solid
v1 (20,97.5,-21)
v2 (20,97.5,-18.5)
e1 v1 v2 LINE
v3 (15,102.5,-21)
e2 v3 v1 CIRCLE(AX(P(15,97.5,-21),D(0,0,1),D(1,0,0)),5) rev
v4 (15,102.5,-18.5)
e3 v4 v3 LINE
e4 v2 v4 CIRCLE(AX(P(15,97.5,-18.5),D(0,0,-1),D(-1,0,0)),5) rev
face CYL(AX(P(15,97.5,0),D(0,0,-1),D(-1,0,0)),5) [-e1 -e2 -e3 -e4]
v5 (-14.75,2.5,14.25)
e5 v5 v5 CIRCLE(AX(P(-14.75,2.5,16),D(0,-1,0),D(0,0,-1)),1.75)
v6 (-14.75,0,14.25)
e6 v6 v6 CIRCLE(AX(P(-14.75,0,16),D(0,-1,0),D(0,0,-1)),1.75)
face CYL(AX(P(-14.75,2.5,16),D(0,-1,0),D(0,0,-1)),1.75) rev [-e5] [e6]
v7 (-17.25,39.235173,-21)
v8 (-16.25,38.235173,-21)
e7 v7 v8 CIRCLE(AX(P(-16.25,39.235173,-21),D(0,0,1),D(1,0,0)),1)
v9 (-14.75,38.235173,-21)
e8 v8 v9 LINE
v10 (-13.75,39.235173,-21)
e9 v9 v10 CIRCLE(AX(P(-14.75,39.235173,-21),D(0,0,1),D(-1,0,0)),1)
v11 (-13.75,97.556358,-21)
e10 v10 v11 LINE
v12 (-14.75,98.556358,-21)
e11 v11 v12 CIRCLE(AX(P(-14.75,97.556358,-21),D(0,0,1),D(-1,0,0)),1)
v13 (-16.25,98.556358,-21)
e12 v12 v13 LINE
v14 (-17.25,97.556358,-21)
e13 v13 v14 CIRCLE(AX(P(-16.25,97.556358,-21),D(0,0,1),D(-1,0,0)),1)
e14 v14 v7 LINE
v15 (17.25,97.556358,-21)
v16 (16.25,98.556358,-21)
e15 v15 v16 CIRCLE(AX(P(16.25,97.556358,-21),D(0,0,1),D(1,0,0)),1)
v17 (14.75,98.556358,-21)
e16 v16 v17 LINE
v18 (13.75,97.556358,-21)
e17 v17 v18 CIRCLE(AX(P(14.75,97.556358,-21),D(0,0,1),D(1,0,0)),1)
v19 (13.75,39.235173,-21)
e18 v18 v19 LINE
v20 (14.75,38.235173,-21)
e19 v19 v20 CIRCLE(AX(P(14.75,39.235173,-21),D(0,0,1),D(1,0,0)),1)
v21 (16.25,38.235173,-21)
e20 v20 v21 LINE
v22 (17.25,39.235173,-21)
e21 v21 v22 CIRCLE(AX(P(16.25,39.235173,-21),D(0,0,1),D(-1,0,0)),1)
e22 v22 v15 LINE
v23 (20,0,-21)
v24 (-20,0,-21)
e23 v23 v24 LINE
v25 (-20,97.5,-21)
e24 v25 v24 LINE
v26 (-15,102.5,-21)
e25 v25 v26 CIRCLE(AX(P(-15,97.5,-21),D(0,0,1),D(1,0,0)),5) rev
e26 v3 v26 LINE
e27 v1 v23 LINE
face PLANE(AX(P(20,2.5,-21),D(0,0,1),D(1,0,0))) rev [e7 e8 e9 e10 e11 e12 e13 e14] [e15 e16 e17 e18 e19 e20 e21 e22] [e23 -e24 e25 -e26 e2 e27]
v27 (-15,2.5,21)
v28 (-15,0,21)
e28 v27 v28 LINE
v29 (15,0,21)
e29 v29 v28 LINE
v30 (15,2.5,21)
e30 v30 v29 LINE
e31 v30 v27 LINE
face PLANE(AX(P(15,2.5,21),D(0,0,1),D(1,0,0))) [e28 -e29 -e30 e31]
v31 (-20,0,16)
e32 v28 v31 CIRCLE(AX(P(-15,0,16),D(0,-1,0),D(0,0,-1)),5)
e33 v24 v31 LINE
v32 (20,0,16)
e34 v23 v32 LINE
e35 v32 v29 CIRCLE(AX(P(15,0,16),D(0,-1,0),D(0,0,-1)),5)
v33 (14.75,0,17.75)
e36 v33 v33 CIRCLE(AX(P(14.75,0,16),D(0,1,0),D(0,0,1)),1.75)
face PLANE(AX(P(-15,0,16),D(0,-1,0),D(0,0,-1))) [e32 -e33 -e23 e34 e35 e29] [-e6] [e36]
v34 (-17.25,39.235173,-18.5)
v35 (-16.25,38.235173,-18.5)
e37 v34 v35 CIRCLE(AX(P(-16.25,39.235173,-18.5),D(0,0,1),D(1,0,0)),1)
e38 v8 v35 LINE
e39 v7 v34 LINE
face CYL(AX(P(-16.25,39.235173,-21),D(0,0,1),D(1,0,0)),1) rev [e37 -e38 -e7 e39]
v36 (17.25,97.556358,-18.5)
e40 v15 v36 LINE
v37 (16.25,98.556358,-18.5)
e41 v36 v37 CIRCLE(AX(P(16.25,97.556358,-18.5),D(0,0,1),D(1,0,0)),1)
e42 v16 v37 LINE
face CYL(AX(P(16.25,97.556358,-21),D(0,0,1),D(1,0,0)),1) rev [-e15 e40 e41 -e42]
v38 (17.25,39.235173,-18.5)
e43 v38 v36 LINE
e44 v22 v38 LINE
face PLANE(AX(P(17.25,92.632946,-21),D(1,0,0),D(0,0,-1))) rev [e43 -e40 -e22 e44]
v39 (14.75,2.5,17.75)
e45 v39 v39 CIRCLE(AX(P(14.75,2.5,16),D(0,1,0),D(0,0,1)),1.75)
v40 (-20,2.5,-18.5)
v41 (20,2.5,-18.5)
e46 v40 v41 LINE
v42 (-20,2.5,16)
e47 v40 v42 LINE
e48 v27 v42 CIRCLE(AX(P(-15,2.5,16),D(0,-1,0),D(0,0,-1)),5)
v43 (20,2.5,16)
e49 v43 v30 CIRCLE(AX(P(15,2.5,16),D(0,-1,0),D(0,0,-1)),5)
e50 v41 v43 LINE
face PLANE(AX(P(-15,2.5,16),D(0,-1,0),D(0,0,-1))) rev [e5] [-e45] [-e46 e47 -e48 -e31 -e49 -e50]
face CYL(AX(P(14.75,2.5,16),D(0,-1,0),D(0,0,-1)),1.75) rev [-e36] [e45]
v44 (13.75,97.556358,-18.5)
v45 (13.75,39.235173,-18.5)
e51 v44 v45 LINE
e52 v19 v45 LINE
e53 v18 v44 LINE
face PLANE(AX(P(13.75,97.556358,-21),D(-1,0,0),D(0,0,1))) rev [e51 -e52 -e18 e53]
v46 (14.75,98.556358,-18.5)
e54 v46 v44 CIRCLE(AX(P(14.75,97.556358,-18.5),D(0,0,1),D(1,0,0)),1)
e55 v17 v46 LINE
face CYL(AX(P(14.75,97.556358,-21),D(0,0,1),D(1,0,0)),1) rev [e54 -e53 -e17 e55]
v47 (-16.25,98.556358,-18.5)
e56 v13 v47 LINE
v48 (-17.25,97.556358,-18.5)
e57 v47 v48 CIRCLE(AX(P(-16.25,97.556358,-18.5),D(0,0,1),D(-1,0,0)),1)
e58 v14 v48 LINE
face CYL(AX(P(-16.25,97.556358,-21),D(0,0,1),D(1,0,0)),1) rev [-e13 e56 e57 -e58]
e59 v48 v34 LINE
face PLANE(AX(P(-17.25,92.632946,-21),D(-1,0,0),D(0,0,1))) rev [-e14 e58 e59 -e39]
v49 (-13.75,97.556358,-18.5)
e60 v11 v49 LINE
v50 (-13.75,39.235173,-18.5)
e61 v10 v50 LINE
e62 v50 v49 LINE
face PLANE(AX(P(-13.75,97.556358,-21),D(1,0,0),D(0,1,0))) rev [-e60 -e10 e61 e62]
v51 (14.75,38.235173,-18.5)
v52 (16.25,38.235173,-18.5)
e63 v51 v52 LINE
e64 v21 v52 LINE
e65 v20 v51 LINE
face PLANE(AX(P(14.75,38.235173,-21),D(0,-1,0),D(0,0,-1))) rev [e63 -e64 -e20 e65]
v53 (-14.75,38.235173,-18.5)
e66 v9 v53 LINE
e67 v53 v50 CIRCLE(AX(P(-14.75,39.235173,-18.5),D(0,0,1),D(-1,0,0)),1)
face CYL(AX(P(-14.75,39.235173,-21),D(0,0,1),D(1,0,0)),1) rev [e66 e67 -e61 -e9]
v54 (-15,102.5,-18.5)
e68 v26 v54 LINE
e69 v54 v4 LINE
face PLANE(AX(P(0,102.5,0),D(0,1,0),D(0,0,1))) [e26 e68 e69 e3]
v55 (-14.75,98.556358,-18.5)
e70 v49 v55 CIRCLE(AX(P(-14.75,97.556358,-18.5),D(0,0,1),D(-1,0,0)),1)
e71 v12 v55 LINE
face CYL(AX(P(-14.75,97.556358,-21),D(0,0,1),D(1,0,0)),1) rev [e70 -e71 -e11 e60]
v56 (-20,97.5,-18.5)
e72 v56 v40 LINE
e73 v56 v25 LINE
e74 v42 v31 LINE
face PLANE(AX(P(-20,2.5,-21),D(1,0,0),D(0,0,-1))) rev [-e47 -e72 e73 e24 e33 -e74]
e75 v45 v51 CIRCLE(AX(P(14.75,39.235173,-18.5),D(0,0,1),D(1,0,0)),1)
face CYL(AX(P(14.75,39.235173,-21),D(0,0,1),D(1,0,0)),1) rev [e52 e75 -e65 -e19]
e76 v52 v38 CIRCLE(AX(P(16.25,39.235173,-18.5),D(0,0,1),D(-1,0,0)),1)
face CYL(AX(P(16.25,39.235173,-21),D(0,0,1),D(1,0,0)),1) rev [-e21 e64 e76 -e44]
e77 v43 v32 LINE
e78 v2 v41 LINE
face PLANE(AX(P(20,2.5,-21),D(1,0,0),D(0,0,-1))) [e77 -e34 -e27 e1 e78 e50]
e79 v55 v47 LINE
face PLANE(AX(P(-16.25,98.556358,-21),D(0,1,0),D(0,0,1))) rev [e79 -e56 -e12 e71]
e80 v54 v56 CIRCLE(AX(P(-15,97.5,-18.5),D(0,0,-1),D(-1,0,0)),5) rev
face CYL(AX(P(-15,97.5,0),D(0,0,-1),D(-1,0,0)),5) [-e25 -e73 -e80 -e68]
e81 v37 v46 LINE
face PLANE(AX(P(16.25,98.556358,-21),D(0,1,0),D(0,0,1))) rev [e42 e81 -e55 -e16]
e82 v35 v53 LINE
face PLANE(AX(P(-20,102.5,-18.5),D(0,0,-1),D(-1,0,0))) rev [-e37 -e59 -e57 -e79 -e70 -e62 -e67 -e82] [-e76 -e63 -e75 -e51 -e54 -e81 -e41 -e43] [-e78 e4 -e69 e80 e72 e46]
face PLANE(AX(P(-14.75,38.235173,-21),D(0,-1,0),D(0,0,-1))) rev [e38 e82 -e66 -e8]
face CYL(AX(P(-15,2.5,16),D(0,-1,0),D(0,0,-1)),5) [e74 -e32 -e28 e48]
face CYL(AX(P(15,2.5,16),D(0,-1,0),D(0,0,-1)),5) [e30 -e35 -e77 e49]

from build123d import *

# Parameters (mm, degrees)
SKETCH1_R           = 1.75
BOSS_EXTRUDE1_DEPTH = 2.5
SKETCH2_W           = 40
SKETCH2_H           = 2.5
BOSS_EXTRUDE2_DEPTH = 100
FILLET1_R           = 5
CUT_EXTRUDE1_DEPTH  = 112.653481809


with BuildPart() as part:
    # Sketch1 → Boss-Extrude1 (new body)
    with BuildSketch(Plane(origin=(0, 0, 0), x_dir=(1, 0, 0), z_dir=(0, 1, 0))):
        with BuildLine():
            Line((20, 21), (-20, 21))
            Line((-20, 21), (-20, -16))
            ThreePointArc((-20, -16), (-18.535533906, -19.535533906), (-15, -21))
            Line((-15, -21), (15, -21))
            ThreePointArc((15, -21), (18.535533906, -19.535533906), (20, -16))
            Line((20, -16), (20, 21))
        make_face()
        with Locations(Location((14.75, -16, 0), (0, 0, 270))):
            Circle(SKETCH1_R, mode=Mode.SUBTRACT)
        with Locations(Location((-14.75, -16, 0), (0, 0, 90))):
            Circle(SKETCH1_R, mode=Mode.SUBTRACT)
    extrude(amount=BOSS_EXTRUDE1_DEPTH)

    # Sketch2 → Boss-Extrude2 (add)
    with BuildSketch(Plane(origin=(0, 2.5, 0), x_dir=(1, 0, 0), z_dir=(0, 1, 0))):
        with Locations((0, 19.75)):
            Rectangle(SKETCH2_W, SKETCH2_H)
    extrude(amount=BOSS_EXTRUDE2_DEPTH)

    # Fillet1
    fillet1_edges = [part.edges().sort_by_distance(p)[0] for p in [
        (-20, 102.5, -19.75),
        (20, 102.5, -19.75),
    ]]
    fillet(fillet1_edges, radius=FILLET1_R)

    # Sketch3 → Cut-Extrude1 (cut, through all)
    with BuildSketch(Plane.XY.offset(-18.5)):
        with BuildLine():
            Line((17.25, 92.632945603), (17.25, 39.235172541))
            ThreePointArc((17.25, 39.235172541), (16.957106781, 38.52806576), (16.25, 38.235172541))
            Line((16.25, 38.235172541), (14.75, 38.235172541))
            ThreePointArc((14.75, 38.235172541), (14.042893219, 38.52806576), (13.75, 39.235172541))
            Line((13.75, 39.235172541), (13.75, 97.556357651))
            ThreePointArc((13.75, 97.556357651), (14.042893219, 98.263464432), (14.75, 98.556357651))
            Line((14.75, 98.556357651), (16.25, 98.556357651))
            ThreePointArc((16.25, 98.556357651), (16.957106781, 98.263464432), (17.25, 97.556357651))
            Line((17.25, 97.556357651), (17.25, 92.632945603))
        make_face()
        with BuildLine():
            Line((-14.75, 38.235172541), (-16.25, 38.235172541))
            ThreePointArc((-16.25, 38.235172541), (-16.957106781, 38.52806576), (-17.25, 39.235172541))
            Line((-17.25, 39.235172541), (-17.25, 92.632945603))
            Line((-17.25, 92.632945603), (-17.25, 97.556357651))
            ThreePointArc((-17.25, 97.556357651), (-16.957106781, 98.263464432), (-16.25, 98.556357651))
            Line((-16.25, 98.556357651), (-14.75, 98.556357651))
            ThreePointArc((-14.75, 98.556357651), (-14.042893219, 98.263464432), (-13.75, 97.556357651))
            Line((-13.75, 97.556357651), (-13.75, 39.235172541))
            ThreePointArc((-13.75, 39.235172541), (-14.042893219, 38.52806576), (-14.75, 38.235172541))
        make_face()
    extrude(amount=-CUT_EXTRUDE1_DEPTH, mode=Mode.SUBTRACT)


solid = part.part
